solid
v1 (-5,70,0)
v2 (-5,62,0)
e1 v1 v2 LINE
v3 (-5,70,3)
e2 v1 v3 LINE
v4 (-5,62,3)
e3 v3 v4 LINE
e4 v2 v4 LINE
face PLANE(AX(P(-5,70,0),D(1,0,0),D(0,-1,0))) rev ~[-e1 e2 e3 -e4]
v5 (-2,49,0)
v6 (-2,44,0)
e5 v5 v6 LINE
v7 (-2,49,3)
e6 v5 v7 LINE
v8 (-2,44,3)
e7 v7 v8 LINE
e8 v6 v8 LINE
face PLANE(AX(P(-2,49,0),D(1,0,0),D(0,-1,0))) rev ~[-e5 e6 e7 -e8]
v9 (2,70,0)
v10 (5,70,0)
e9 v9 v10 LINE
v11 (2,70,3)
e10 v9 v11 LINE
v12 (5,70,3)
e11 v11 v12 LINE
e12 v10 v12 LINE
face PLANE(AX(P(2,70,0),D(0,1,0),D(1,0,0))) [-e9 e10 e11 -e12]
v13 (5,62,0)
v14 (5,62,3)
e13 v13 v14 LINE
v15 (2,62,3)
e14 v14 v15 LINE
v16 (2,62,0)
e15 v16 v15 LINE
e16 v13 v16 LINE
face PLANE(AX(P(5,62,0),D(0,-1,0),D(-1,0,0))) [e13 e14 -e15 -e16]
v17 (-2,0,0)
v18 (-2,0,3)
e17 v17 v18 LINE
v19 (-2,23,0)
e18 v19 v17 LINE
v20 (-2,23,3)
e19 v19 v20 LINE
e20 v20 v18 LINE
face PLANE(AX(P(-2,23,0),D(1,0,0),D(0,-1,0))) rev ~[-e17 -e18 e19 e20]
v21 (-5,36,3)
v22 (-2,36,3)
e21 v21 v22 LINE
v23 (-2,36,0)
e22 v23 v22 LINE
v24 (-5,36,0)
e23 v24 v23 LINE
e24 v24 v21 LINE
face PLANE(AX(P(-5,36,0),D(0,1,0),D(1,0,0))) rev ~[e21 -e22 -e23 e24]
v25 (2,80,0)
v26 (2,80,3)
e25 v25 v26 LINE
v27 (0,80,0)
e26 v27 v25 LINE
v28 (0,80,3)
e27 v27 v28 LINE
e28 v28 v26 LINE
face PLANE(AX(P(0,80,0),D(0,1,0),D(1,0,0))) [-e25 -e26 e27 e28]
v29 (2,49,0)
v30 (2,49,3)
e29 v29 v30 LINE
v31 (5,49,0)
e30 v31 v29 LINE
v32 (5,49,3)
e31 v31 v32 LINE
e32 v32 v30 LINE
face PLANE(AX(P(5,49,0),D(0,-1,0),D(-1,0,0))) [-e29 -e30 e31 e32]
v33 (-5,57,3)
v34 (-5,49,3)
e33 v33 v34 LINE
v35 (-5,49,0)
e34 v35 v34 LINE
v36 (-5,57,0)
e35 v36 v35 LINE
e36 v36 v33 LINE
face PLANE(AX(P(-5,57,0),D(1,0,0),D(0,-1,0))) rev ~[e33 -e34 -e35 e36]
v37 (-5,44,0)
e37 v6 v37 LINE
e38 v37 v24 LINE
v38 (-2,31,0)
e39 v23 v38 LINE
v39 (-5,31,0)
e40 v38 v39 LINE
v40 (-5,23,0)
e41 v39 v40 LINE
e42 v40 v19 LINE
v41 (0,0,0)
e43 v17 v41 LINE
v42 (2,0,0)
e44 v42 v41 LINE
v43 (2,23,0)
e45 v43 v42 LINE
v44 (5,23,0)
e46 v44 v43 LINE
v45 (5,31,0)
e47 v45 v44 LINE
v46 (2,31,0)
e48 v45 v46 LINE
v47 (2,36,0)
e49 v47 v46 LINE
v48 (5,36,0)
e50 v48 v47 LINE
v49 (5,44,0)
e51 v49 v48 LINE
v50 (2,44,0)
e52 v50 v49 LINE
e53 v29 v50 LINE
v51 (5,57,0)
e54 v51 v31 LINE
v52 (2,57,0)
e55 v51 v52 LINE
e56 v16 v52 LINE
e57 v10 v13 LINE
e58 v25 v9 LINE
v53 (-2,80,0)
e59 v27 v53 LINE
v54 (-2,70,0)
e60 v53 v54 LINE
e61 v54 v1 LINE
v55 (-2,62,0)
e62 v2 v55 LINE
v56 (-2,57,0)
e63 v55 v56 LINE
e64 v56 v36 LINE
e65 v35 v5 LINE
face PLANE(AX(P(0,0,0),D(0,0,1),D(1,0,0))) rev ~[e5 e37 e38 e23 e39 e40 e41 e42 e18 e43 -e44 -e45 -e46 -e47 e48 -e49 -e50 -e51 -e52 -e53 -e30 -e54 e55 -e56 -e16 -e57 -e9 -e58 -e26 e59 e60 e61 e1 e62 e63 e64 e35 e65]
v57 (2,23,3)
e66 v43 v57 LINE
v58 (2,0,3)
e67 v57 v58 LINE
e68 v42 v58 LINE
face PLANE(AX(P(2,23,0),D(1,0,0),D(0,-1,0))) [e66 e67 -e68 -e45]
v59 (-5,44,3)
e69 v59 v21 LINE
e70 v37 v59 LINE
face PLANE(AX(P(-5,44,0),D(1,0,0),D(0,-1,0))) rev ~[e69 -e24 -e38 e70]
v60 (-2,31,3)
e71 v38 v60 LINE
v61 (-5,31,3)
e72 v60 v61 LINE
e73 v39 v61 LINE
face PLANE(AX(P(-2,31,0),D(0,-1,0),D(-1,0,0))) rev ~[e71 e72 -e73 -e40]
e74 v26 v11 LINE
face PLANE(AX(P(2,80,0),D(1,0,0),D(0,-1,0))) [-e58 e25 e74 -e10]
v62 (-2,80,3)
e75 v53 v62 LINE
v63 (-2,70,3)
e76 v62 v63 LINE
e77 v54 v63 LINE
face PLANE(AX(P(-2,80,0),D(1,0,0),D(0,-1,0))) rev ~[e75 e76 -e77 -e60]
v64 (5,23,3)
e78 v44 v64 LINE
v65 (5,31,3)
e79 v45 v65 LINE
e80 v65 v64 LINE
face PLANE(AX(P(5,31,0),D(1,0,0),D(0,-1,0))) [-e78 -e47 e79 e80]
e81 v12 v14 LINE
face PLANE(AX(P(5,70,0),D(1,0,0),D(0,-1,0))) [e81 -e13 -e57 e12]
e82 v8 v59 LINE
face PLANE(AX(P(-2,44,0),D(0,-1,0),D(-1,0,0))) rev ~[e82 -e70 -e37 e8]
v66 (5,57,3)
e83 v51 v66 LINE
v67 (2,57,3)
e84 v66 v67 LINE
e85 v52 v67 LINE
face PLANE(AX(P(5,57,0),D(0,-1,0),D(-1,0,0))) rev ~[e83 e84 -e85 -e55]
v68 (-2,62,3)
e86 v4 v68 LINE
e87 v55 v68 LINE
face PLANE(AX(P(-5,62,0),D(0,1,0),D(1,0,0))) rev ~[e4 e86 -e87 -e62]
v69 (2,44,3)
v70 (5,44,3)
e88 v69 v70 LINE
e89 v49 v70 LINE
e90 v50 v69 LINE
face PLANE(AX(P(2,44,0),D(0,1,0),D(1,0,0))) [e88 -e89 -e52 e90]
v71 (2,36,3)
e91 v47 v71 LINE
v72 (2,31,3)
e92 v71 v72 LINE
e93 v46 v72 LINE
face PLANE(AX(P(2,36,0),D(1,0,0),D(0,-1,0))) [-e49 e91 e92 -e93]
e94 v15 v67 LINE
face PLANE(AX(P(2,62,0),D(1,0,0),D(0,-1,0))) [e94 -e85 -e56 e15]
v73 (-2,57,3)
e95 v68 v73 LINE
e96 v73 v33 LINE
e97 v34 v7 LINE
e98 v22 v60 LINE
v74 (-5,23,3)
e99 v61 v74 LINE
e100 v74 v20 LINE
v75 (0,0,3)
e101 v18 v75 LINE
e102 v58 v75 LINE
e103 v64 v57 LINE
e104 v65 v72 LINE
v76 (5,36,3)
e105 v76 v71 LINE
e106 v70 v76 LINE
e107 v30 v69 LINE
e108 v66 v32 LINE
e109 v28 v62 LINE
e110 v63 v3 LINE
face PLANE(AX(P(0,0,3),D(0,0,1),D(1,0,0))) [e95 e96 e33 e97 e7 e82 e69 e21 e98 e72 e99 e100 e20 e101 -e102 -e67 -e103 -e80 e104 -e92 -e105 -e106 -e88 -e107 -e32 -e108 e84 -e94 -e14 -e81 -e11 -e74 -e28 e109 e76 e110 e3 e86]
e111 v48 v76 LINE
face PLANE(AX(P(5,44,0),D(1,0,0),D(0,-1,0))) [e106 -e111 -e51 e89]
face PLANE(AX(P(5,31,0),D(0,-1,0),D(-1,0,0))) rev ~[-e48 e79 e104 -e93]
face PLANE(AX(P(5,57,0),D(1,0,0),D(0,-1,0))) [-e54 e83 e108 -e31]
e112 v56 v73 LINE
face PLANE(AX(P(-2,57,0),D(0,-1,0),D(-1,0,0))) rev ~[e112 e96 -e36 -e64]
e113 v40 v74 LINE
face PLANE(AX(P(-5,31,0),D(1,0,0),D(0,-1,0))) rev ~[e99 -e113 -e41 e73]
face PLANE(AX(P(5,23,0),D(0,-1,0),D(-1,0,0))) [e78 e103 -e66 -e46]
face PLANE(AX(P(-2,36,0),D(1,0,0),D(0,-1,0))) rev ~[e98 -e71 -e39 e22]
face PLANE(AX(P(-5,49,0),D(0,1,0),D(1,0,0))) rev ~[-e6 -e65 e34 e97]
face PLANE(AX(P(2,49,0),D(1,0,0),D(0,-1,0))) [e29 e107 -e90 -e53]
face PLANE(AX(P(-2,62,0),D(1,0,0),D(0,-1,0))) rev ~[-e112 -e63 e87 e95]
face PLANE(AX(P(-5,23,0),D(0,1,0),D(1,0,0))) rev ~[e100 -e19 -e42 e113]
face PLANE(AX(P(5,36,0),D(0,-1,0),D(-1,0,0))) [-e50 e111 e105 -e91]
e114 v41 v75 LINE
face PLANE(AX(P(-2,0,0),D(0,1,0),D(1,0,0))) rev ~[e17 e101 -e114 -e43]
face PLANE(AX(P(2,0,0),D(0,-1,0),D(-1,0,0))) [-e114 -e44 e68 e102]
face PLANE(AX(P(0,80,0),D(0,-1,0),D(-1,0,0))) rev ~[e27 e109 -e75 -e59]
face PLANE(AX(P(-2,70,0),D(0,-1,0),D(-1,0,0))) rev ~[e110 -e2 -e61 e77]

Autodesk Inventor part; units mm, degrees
ref_plane "YZ Plane" through (0, 0, 0) normal (1, 0, 0) x (0, 1, 0)
ref_plane "XZ Plane" through (0, 0, 0) normal (0, 1, 0) x (-1, 0, 0)
ref_plane "XY Plane" through (0, 0, 0) normal (0, 0, 1) x (1, 0, 0)
sketch "Sketch1" plane through (0, 0, 0) normal (0, 0, 1) x (1, 0, 0)
  line L0 (0, 0) -> (0, 80) construction
  line L1 (0, 80) -> (-2, 80)
  line L2 (-2, 80) -> (-2, 70)
  line L3 (-2, 70) -> (-5, 70)
  line L4 (-5, 70) -> (-5, 62)
  line L5 (-5, 62) -> (-2, 62)
  line L6 (-2, 62) -> (-2, 57)
  line L7 (-2, 57) -> (-5, 57)
  line L8 (-5, 57) -> (-5, 49)
  line L9 (-5, 49) -> (-2, 49)
  line L10 (-2, 49) -> (-2, 44)
  line L11 (-2, 44) -> (-5, 44)
  line L12 (-5, 44) -> (-5, 36)
  line L13 (-5, 36) -> (-2, 36)
  line L14 (-2, 36) -> (-2, 31)
  line L15 (-2, 31) -> (-5, 31)
  line L16 (-5, 31) -> (-5, 23)
  line L17 (-5, 23) -> (-2, 23)
  line L18 (-2, 23) -> (-2, 0)
  line L19 (-2, 0) -> (0, 0)
  line L20 (0, 80) -> (2, 80)
  line L21 (2, 80) -> (2, 70)
  line L22 (2, 70) -> (5, 70)
  line L23 (5, 70) -> (5, 62)
  line L24 (5, 62) -> (2, 62)
  line L25 (2, 62) -> (2, 57)
  line L26 (5, 57) -> (5, 49)
  line L27 (5, 49) -> (2, 49)
  line L28 (2, 49) -> (2, 44)
  line L29 (2, 44) -> (5, 44)
  line L30 (5, 44) -> (5, 36)
  line L31 (5, 36) -> (2, 36)
  line L32 (2, 36) -> (2, 31)
  line L33 (5, 31) -> (5, 23)
  line L34 (5, 23) -> (2, 23)
  line L35 (2, 23) -> (2, 0)
  line L36 (2, 0) -> (0, 0)
  line L37 (5, 57) -> (2, 57)
  line L38 (5, 31) -> (2, 31)
  dimension "d2" = 80
  dimension "d3" = 2
  dimension "d4" = 10
  dimension "d5" = 3
  dimension "d6" = 8
  dimension "d7" = 3
  dimension "d8" = 5
  dimension "d9" = 8
  dimension "d10" = 5
  dimension "d11" = 8
  dimension "d12" = 3
  dimension "d13" = 5
  dimension "d14" = 3
  dimension "d15" = 8
  dimension "d16" = 4
extrude "Extrusion1" add sketch "Sketch1" along normal blind 3
properties part number "select holder pt 2"
